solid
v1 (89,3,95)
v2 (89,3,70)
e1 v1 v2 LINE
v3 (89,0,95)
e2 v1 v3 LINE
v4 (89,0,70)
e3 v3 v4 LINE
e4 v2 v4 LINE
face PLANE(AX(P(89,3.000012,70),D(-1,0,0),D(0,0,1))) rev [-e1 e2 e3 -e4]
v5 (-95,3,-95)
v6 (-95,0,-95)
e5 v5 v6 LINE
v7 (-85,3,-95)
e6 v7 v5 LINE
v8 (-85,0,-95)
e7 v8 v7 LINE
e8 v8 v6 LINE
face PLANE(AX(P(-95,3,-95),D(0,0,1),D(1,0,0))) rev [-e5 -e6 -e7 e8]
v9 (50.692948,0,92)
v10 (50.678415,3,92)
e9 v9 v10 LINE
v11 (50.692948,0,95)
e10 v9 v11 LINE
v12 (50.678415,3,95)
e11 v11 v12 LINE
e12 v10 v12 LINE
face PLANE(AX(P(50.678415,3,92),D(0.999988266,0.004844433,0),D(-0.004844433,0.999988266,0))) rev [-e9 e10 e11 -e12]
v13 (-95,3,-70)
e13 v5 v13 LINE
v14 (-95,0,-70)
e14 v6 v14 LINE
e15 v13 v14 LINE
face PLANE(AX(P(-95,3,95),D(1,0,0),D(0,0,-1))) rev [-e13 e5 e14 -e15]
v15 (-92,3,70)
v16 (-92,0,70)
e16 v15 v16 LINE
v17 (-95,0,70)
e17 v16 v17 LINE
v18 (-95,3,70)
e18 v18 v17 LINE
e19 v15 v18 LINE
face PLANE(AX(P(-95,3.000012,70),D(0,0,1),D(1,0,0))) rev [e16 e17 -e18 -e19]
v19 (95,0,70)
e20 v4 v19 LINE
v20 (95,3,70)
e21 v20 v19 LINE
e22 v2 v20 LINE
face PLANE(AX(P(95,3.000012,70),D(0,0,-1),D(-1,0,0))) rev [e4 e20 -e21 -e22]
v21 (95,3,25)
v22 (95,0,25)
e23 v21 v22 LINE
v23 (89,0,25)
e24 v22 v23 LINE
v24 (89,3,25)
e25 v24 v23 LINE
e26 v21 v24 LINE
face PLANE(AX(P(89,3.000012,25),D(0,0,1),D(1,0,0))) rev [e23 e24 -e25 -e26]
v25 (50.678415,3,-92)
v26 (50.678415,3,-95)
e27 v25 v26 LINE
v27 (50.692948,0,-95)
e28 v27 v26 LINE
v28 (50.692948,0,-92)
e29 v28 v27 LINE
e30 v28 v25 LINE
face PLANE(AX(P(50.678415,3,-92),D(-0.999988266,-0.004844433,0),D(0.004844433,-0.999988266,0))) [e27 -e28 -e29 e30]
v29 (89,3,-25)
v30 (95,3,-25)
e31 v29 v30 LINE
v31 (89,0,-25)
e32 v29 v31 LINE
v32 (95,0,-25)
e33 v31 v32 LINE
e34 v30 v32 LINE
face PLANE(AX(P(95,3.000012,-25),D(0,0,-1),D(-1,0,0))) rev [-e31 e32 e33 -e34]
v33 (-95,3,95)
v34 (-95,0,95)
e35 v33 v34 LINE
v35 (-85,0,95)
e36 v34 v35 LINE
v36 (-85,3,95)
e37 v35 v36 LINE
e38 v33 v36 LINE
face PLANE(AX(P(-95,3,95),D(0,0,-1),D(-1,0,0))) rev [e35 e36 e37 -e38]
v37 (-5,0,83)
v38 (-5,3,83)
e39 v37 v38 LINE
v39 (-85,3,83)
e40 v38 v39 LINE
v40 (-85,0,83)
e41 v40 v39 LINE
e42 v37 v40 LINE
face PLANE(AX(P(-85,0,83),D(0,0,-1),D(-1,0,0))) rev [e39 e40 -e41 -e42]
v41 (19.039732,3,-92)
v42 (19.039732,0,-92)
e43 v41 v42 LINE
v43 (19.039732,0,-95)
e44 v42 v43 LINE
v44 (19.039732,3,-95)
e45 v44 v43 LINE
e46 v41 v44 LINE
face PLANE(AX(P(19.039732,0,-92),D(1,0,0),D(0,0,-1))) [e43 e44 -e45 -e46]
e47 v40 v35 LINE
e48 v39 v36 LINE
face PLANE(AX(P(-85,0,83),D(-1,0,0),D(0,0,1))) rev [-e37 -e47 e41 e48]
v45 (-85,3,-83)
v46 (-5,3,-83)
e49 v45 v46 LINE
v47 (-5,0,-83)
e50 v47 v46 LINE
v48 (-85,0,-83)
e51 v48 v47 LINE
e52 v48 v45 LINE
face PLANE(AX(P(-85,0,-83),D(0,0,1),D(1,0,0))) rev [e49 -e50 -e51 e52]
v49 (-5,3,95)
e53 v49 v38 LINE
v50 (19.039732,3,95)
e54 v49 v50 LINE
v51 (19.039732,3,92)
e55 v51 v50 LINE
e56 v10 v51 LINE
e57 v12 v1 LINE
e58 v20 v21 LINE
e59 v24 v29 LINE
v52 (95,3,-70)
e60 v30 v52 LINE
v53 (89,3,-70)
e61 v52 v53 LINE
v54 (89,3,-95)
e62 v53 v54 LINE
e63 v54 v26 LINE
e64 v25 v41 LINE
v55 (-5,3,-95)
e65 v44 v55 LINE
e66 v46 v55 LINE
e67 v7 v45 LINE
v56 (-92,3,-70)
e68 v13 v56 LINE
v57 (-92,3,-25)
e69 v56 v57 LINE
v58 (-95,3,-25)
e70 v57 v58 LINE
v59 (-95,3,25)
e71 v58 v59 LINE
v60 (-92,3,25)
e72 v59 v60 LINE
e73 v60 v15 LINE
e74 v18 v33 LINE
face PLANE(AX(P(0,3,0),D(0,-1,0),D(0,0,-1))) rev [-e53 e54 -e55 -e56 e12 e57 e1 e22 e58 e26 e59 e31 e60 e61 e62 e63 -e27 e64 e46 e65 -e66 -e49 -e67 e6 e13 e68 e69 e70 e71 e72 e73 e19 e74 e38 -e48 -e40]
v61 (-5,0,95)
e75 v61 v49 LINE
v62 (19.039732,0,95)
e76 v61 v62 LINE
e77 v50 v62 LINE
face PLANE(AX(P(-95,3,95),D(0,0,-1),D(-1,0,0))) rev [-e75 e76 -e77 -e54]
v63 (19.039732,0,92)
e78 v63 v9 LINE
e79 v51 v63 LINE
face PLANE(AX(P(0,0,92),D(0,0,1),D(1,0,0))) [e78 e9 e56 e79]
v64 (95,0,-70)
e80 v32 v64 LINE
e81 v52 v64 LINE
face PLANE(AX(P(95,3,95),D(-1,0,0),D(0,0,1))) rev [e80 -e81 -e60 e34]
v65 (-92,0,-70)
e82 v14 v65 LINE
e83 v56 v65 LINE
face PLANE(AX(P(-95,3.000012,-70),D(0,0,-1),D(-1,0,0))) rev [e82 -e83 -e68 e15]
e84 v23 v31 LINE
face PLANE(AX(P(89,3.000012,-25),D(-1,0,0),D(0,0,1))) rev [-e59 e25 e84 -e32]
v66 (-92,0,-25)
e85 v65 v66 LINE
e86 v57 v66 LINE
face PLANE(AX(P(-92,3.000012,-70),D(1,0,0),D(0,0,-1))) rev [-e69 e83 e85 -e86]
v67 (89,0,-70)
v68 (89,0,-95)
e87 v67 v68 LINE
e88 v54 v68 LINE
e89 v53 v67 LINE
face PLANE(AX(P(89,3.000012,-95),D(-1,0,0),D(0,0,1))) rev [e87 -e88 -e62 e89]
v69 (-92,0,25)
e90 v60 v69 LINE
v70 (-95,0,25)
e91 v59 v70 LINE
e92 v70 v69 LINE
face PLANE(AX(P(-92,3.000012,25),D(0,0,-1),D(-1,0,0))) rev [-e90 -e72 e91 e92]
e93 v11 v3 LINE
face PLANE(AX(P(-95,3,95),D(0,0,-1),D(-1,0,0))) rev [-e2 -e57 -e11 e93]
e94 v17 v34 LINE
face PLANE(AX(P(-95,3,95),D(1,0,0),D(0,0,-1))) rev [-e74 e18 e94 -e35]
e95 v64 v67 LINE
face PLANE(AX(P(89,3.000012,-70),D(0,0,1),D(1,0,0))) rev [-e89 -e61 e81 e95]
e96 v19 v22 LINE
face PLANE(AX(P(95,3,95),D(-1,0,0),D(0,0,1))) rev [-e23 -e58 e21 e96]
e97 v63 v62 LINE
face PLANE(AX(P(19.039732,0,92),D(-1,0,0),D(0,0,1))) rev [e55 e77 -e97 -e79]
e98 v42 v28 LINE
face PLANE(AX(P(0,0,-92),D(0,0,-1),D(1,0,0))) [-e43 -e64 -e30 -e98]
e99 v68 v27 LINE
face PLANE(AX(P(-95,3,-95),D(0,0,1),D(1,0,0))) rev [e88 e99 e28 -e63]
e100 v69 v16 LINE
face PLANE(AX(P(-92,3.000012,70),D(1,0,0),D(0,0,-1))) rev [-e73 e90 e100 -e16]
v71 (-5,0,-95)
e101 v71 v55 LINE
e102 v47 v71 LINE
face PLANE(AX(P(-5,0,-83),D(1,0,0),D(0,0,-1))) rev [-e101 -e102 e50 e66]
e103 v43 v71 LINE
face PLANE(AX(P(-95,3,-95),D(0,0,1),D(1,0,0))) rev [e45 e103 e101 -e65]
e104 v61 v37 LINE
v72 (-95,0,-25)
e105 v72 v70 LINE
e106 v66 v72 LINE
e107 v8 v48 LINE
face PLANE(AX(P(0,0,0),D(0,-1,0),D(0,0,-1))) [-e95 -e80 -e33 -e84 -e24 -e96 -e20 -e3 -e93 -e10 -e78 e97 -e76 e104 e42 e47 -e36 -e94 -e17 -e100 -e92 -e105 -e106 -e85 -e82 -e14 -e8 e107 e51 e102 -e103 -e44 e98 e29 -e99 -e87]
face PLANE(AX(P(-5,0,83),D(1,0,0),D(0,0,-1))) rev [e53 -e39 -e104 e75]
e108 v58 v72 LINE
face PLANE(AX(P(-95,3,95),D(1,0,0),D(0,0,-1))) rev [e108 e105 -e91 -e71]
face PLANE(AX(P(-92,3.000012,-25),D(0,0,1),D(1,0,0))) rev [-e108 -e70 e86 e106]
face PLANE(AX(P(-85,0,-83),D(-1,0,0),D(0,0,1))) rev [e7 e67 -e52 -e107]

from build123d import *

# Parameters (mm, degrees)
SKETCH1_W               = 190
SKETCH1_H               = 190
BOSS_EXTRUDE1_DEPTH     = 3
CUT_EXTRUDE2_DEPTH      = 135.383778783
CUT_EXTRUDE2_DEPTH_BACK = 3
SKETCH2_OUTSIDE_W       = 245.744
SKETCH2_OUTSIDE_H       = 245.744
SKETCH4_W               = 80
SKETCH4_H               = 12
CUT_EXTRUDE4_DEPTH      = 3
CUT_EXTRUDE5_DEPTH      = 3


with BuildPart() as part:
    # Sketch1 → Boss-Extrude1 (new body)
    with BuildSketch(Plane(origin=(0, 0, 0), x_dir=(1, 0, 0), z_dir=(0, 1, 0))):
        Rectangle(SKETCH1_W, SKETCH1_H)
    extrude(amount=BOSS_EXTRUDE1_DEPTH)

    # Sketch2 outside → Cut-Extrude2 (cut, two sides: drawn at the far end of the back side and taken through both)
    with BuildSketch(Plane(origin=(0, 3, 0), x_dir=(1, 0, 0), z_dir=(0, 1, 0)).offset(-CUT_EXTRUDE2_DEPTH_BACK)):
        Rectangle(SKETCH2_OUTSIDE_W, SKETCH2_OUTSIDE_H)
        Polygon((-95, -95), (-95, -70), (-92, -70), (-92, -25), (-95, -25), (-95, 25), (-92, 25), (-92, 70), (-95, 70), (-95, 95), (89, 95), (89, 70), (95, 70), (95, 25), (89, 25), (89, -25), (95, -25), (95, -70), (89, -70), (89, -95), align=None, mode=Mode.SUBTRACT)
    extrude(amount=CUT_EXTRUDE2_DEPTH + CUT_EXTRUDE2_DEPTH_BACK, mode=Mode.SUBTRACT)

    # Sketch4 → Cut-Extrude4 (cut)
    with BuildSketch(Plane(origin=(0, 3, 0), x_dir=(1, 0, 0), z_dir=(0, 1, 0))):
        with Locations((-45, 89)):
            Rectangle(SKETCH4_W, SKETCH4_H)
        with Locations((-45, -89)):
            Rectangle(SKETCH4_W, SKETCH4_H)
    extrude(amount=-CUT_EXTRUDE4_DEPTH, mode=Mode.SUBTRACT)

    # Sketch5 → Cut-Extrude5 (cut)
    with BuildSketch(Plane.XY.offset(95)):
        Polygon((50.678414624, 3), (50.692948093, 0), (19.039732141, 0), (19.039732141, 3), align=None)
    cut_extrude5 = extrude(amount=-CUT_EXTRUDE5_DEPTH, mode=Mode.SUBTRACT)

    # Mirror1: Cut-Extrude5 across plane
    add(cut_extrude5.mirror(Plane.XY), mode=Mode.SUBTRACT)


solid = part.part
